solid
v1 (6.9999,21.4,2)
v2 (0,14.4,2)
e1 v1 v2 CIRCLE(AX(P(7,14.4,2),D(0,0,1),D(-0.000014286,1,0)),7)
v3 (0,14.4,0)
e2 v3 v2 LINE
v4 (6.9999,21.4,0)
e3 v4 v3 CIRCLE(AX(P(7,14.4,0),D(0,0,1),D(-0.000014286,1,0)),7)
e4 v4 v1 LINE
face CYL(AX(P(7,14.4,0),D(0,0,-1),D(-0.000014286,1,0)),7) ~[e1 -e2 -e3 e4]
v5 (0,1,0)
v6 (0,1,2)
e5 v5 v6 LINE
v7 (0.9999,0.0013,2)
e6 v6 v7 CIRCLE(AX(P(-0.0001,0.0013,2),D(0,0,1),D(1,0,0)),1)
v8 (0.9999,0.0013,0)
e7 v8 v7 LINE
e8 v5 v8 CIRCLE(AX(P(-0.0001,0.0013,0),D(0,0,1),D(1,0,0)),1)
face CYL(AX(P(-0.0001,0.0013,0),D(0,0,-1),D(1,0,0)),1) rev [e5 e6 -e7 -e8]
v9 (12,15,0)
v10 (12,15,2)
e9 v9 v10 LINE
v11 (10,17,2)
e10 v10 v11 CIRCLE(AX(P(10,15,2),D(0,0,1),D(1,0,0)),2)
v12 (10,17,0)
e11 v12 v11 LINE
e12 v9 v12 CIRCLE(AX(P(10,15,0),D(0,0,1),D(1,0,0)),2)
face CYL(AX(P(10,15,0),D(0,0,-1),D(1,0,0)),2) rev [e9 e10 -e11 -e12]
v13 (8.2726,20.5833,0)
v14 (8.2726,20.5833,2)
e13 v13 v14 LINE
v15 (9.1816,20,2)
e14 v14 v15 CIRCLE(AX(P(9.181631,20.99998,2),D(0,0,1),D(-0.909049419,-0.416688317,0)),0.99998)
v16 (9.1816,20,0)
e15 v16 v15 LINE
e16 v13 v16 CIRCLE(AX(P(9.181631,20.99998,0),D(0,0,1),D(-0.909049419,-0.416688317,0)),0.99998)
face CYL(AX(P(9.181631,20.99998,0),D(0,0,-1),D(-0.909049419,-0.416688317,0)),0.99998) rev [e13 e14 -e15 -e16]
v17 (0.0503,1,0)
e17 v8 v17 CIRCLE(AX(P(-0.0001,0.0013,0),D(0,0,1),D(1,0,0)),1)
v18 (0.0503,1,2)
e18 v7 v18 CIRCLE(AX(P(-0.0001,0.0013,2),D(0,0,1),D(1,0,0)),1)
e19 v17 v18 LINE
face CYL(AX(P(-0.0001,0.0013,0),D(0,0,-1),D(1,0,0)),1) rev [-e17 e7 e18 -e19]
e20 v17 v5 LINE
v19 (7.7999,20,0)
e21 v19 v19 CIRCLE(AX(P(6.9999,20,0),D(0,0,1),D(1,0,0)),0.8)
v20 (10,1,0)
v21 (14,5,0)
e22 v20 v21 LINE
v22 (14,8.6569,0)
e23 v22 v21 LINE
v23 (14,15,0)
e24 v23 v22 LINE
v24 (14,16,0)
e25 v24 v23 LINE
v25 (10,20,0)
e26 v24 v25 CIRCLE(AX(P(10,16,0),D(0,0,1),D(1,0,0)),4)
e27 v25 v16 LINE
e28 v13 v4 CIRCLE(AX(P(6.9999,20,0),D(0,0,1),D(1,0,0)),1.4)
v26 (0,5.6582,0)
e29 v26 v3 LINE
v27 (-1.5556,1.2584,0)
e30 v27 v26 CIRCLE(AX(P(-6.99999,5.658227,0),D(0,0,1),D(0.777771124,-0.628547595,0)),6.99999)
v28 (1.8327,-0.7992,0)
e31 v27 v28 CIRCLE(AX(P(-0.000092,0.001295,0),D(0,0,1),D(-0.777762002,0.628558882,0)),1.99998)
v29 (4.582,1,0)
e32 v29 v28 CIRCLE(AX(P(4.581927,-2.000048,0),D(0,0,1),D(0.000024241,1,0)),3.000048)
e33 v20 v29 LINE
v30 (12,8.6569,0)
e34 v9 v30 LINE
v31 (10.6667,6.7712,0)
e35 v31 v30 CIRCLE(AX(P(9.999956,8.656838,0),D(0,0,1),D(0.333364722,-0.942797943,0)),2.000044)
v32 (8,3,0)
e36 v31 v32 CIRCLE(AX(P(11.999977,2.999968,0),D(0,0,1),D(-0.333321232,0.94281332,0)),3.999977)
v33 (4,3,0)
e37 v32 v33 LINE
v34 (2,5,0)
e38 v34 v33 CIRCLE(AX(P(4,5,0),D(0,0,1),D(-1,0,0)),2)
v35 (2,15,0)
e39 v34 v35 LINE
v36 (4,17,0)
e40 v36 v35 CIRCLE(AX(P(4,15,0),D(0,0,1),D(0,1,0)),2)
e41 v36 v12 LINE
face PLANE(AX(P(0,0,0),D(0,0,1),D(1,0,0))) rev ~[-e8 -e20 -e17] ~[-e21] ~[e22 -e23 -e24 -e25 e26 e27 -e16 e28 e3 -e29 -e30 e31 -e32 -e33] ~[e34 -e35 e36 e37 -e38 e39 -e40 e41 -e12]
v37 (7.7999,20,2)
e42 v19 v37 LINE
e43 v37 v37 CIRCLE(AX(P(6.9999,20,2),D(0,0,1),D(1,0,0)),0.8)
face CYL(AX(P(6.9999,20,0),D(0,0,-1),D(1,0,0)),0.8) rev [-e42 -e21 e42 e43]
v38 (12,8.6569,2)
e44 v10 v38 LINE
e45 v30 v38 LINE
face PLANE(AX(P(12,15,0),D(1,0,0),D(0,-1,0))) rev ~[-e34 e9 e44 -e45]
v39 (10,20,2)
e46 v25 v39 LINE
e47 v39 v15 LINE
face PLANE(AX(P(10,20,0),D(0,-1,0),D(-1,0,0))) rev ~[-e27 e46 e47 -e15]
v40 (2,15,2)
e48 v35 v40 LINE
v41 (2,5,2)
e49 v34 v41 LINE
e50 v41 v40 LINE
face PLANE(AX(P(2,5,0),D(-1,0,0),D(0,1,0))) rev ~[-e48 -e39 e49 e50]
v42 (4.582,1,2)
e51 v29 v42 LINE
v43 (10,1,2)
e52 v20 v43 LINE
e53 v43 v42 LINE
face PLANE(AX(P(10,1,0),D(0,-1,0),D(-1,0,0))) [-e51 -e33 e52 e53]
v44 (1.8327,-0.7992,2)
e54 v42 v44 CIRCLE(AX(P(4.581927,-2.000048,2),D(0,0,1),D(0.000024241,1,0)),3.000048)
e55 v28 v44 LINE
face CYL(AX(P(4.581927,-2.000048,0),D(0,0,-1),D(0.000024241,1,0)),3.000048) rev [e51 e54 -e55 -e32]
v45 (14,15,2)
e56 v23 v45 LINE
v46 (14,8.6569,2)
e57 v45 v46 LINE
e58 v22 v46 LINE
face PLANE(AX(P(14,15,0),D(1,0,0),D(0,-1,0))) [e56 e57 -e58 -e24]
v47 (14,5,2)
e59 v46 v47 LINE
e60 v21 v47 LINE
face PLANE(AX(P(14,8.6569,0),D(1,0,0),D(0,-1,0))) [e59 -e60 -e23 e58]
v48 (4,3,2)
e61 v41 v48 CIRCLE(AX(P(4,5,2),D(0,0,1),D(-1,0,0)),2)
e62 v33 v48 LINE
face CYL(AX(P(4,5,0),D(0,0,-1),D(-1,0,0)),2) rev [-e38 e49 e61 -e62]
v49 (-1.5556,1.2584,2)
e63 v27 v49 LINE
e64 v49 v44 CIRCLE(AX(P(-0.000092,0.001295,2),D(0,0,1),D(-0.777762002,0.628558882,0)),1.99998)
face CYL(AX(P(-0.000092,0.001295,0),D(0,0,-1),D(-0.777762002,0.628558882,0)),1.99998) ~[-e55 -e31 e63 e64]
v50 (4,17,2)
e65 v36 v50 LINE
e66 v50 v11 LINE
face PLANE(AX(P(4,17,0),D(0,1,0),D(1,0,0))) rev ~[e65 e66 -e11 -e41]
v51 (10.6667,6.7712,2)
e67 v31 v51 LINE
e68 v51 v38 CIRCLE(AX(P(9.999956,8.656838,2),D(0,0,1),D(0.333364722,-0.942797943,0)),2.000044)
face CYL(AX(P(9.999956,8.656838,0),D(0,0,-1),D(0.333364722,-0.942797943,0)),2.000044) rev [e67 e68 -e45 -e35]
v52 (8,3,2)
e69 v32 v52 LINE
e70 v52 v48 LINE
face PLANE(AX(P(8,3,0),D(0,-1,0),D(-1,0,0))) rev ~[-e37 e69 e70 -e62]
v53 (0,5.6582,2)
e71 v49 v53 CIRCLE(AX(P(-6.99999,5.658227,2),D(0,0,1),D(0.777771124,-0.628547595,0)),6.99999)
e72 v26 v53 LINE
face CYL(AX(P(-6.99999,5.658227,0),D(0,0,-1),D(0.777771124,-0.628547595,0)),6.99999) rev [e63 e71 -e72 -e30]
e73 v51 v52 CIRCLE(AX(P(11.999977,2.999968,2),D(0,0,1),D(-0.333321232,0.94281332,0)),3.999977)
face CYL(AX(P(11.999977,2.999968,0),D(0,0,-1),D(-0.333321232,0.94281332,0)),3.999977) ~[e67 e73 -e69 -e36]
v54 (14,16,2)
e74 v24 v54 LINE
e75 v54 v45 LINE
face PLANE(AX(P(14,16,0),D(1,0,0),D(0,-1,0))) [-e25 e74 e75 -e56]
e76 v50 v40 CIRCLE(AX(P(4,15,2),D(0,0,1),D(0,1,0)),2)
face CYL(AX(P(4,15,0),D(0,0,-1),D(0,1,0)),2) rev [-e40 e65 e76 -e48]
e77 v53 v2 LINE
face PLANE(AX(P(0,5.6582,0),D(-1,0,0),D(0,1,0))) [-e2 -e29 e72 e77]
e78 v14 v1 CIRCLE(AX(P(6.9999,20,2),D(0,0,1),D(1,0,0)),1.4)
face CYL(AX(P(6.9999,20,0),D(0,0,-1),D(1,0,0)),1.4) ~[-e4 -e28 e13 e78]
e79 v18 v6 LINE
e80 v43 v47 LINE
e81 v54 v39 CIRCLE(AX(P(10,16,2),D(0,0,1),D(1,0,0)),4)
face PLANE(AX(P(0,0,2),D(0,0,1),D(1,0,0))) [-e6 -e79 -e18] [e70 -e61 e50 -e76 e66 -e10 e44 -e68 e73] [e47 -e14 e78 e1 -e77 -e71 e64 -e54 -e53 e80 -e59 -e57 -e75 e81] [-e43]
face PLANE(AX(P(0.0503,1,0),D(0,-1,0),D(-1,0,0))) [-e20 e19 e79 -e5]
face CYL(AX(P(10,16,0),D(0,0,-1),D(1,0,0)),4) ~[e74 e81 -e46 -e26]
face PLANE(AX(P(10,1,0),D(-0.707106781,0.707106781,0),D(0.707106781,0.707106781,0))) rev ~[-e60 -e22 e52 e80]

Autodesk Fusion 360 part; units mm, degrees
sketch "Sketch1" plane through (0, 0, 0) normal (0, 0, 1) x (1, 0, 0)
  circle A0 centre (-0.0001, 0.0013) radius 1
  line L0 (14, 16) -> (14, 5)
  line L1 (4, 17) -> (10, 17)
  line L2 (12, 15) -> (12, 8.6569)
  line L3 (8, 3) -> (4, 3)
  line L4 (2, 5) -> (2, 15)
  circle A1 centre (6.9999, 20) radius 0.8
  line L5 (10, 1) -> (14, 5)
  line L6 (12, 1) -> (15.2632, 1) construction
  arc A2 (10.6667, 6.7712) -> (8, 3) centre (12, 3) ccw
  arc A3 (4, 17) -> (2, 15) centre (4, 15) ccw
  arc A4 (12, 15) -> (10, 17) centre (10, 15) ccw
  arc A5 (2, 5) -> (4, 3) centre (4, 5) ccw
  arc A6 (10.6667, 6.7712) -> (12, 8.6569) centre (10, 8.6569) ccw
  line L7 (14, 15) -> (14, 8.6569)
  line L8 (10, 1) -> (4, 1)
  line L9 (0, 5) -> (0, 15)
  arc A7 (-1.5556, 1.2584) -> (1.8327, -0.7992) centre (-0.0001, 0.0013) ccw
  line L10 (0, 1) -> (0, 1.0013)
  line L11 (0, 5.6582) -> (0, 14.4)
  line L12 (10, 1) -> (4.582, 1)
  line L13 (0.0503, 1) -> (0, 1)
  arc A8 (-1.5556, 1.2584) -> (0, 5.6582) centre (-7, 5.6582) ccw
  arc A9 (4.582, 1) -> (1.8327, -0.7992) centre (4.582, -2) ccw
  arc A10 (6.9999, 21.4) -> (0, 14.4) centre (7, 14.4) ccw
  arc A11 (7, 21.4) -> (6.9999, 21.4) centre (6.9999, 20) ccw
  line L14 (10, 20) -> (9.1816, 20)
  arc A12 (8.2726, 20.5833) -> (6.9999, 21.4) centre (6.9999, 20) ccw
  arc A13 (8.2726, 20.5833) -> (9.1816, 20) centre (9.1816, 21) ccw
  arc A14 (14, 16) -> (10, 20) centre (10, 16) ccw
  dimension "d1" = 4
  dimension "d2" = 2
  dimension "d3" = 1.6
  dimension "d4" = 2.8
  dimension "d5" = 14
  dimension "d8" = 20
  dimension "d10" = 17
  dimension "d11" = 15
  dimension "d12" = 3
  dimension "d13" = 8
  dimension "d14" = 2
  dimension "d15" = 2
  dimension "d16" = 2
  dimension "d17" = 2
  dimension "d19" = 7
  dimension "d20" = 3
  dimension "d21" = 7
  dimension "d23" = 1
  dimension "d24" = 4
extrude "Extrude1" add sketch "Sketch1" along normal blind 2
